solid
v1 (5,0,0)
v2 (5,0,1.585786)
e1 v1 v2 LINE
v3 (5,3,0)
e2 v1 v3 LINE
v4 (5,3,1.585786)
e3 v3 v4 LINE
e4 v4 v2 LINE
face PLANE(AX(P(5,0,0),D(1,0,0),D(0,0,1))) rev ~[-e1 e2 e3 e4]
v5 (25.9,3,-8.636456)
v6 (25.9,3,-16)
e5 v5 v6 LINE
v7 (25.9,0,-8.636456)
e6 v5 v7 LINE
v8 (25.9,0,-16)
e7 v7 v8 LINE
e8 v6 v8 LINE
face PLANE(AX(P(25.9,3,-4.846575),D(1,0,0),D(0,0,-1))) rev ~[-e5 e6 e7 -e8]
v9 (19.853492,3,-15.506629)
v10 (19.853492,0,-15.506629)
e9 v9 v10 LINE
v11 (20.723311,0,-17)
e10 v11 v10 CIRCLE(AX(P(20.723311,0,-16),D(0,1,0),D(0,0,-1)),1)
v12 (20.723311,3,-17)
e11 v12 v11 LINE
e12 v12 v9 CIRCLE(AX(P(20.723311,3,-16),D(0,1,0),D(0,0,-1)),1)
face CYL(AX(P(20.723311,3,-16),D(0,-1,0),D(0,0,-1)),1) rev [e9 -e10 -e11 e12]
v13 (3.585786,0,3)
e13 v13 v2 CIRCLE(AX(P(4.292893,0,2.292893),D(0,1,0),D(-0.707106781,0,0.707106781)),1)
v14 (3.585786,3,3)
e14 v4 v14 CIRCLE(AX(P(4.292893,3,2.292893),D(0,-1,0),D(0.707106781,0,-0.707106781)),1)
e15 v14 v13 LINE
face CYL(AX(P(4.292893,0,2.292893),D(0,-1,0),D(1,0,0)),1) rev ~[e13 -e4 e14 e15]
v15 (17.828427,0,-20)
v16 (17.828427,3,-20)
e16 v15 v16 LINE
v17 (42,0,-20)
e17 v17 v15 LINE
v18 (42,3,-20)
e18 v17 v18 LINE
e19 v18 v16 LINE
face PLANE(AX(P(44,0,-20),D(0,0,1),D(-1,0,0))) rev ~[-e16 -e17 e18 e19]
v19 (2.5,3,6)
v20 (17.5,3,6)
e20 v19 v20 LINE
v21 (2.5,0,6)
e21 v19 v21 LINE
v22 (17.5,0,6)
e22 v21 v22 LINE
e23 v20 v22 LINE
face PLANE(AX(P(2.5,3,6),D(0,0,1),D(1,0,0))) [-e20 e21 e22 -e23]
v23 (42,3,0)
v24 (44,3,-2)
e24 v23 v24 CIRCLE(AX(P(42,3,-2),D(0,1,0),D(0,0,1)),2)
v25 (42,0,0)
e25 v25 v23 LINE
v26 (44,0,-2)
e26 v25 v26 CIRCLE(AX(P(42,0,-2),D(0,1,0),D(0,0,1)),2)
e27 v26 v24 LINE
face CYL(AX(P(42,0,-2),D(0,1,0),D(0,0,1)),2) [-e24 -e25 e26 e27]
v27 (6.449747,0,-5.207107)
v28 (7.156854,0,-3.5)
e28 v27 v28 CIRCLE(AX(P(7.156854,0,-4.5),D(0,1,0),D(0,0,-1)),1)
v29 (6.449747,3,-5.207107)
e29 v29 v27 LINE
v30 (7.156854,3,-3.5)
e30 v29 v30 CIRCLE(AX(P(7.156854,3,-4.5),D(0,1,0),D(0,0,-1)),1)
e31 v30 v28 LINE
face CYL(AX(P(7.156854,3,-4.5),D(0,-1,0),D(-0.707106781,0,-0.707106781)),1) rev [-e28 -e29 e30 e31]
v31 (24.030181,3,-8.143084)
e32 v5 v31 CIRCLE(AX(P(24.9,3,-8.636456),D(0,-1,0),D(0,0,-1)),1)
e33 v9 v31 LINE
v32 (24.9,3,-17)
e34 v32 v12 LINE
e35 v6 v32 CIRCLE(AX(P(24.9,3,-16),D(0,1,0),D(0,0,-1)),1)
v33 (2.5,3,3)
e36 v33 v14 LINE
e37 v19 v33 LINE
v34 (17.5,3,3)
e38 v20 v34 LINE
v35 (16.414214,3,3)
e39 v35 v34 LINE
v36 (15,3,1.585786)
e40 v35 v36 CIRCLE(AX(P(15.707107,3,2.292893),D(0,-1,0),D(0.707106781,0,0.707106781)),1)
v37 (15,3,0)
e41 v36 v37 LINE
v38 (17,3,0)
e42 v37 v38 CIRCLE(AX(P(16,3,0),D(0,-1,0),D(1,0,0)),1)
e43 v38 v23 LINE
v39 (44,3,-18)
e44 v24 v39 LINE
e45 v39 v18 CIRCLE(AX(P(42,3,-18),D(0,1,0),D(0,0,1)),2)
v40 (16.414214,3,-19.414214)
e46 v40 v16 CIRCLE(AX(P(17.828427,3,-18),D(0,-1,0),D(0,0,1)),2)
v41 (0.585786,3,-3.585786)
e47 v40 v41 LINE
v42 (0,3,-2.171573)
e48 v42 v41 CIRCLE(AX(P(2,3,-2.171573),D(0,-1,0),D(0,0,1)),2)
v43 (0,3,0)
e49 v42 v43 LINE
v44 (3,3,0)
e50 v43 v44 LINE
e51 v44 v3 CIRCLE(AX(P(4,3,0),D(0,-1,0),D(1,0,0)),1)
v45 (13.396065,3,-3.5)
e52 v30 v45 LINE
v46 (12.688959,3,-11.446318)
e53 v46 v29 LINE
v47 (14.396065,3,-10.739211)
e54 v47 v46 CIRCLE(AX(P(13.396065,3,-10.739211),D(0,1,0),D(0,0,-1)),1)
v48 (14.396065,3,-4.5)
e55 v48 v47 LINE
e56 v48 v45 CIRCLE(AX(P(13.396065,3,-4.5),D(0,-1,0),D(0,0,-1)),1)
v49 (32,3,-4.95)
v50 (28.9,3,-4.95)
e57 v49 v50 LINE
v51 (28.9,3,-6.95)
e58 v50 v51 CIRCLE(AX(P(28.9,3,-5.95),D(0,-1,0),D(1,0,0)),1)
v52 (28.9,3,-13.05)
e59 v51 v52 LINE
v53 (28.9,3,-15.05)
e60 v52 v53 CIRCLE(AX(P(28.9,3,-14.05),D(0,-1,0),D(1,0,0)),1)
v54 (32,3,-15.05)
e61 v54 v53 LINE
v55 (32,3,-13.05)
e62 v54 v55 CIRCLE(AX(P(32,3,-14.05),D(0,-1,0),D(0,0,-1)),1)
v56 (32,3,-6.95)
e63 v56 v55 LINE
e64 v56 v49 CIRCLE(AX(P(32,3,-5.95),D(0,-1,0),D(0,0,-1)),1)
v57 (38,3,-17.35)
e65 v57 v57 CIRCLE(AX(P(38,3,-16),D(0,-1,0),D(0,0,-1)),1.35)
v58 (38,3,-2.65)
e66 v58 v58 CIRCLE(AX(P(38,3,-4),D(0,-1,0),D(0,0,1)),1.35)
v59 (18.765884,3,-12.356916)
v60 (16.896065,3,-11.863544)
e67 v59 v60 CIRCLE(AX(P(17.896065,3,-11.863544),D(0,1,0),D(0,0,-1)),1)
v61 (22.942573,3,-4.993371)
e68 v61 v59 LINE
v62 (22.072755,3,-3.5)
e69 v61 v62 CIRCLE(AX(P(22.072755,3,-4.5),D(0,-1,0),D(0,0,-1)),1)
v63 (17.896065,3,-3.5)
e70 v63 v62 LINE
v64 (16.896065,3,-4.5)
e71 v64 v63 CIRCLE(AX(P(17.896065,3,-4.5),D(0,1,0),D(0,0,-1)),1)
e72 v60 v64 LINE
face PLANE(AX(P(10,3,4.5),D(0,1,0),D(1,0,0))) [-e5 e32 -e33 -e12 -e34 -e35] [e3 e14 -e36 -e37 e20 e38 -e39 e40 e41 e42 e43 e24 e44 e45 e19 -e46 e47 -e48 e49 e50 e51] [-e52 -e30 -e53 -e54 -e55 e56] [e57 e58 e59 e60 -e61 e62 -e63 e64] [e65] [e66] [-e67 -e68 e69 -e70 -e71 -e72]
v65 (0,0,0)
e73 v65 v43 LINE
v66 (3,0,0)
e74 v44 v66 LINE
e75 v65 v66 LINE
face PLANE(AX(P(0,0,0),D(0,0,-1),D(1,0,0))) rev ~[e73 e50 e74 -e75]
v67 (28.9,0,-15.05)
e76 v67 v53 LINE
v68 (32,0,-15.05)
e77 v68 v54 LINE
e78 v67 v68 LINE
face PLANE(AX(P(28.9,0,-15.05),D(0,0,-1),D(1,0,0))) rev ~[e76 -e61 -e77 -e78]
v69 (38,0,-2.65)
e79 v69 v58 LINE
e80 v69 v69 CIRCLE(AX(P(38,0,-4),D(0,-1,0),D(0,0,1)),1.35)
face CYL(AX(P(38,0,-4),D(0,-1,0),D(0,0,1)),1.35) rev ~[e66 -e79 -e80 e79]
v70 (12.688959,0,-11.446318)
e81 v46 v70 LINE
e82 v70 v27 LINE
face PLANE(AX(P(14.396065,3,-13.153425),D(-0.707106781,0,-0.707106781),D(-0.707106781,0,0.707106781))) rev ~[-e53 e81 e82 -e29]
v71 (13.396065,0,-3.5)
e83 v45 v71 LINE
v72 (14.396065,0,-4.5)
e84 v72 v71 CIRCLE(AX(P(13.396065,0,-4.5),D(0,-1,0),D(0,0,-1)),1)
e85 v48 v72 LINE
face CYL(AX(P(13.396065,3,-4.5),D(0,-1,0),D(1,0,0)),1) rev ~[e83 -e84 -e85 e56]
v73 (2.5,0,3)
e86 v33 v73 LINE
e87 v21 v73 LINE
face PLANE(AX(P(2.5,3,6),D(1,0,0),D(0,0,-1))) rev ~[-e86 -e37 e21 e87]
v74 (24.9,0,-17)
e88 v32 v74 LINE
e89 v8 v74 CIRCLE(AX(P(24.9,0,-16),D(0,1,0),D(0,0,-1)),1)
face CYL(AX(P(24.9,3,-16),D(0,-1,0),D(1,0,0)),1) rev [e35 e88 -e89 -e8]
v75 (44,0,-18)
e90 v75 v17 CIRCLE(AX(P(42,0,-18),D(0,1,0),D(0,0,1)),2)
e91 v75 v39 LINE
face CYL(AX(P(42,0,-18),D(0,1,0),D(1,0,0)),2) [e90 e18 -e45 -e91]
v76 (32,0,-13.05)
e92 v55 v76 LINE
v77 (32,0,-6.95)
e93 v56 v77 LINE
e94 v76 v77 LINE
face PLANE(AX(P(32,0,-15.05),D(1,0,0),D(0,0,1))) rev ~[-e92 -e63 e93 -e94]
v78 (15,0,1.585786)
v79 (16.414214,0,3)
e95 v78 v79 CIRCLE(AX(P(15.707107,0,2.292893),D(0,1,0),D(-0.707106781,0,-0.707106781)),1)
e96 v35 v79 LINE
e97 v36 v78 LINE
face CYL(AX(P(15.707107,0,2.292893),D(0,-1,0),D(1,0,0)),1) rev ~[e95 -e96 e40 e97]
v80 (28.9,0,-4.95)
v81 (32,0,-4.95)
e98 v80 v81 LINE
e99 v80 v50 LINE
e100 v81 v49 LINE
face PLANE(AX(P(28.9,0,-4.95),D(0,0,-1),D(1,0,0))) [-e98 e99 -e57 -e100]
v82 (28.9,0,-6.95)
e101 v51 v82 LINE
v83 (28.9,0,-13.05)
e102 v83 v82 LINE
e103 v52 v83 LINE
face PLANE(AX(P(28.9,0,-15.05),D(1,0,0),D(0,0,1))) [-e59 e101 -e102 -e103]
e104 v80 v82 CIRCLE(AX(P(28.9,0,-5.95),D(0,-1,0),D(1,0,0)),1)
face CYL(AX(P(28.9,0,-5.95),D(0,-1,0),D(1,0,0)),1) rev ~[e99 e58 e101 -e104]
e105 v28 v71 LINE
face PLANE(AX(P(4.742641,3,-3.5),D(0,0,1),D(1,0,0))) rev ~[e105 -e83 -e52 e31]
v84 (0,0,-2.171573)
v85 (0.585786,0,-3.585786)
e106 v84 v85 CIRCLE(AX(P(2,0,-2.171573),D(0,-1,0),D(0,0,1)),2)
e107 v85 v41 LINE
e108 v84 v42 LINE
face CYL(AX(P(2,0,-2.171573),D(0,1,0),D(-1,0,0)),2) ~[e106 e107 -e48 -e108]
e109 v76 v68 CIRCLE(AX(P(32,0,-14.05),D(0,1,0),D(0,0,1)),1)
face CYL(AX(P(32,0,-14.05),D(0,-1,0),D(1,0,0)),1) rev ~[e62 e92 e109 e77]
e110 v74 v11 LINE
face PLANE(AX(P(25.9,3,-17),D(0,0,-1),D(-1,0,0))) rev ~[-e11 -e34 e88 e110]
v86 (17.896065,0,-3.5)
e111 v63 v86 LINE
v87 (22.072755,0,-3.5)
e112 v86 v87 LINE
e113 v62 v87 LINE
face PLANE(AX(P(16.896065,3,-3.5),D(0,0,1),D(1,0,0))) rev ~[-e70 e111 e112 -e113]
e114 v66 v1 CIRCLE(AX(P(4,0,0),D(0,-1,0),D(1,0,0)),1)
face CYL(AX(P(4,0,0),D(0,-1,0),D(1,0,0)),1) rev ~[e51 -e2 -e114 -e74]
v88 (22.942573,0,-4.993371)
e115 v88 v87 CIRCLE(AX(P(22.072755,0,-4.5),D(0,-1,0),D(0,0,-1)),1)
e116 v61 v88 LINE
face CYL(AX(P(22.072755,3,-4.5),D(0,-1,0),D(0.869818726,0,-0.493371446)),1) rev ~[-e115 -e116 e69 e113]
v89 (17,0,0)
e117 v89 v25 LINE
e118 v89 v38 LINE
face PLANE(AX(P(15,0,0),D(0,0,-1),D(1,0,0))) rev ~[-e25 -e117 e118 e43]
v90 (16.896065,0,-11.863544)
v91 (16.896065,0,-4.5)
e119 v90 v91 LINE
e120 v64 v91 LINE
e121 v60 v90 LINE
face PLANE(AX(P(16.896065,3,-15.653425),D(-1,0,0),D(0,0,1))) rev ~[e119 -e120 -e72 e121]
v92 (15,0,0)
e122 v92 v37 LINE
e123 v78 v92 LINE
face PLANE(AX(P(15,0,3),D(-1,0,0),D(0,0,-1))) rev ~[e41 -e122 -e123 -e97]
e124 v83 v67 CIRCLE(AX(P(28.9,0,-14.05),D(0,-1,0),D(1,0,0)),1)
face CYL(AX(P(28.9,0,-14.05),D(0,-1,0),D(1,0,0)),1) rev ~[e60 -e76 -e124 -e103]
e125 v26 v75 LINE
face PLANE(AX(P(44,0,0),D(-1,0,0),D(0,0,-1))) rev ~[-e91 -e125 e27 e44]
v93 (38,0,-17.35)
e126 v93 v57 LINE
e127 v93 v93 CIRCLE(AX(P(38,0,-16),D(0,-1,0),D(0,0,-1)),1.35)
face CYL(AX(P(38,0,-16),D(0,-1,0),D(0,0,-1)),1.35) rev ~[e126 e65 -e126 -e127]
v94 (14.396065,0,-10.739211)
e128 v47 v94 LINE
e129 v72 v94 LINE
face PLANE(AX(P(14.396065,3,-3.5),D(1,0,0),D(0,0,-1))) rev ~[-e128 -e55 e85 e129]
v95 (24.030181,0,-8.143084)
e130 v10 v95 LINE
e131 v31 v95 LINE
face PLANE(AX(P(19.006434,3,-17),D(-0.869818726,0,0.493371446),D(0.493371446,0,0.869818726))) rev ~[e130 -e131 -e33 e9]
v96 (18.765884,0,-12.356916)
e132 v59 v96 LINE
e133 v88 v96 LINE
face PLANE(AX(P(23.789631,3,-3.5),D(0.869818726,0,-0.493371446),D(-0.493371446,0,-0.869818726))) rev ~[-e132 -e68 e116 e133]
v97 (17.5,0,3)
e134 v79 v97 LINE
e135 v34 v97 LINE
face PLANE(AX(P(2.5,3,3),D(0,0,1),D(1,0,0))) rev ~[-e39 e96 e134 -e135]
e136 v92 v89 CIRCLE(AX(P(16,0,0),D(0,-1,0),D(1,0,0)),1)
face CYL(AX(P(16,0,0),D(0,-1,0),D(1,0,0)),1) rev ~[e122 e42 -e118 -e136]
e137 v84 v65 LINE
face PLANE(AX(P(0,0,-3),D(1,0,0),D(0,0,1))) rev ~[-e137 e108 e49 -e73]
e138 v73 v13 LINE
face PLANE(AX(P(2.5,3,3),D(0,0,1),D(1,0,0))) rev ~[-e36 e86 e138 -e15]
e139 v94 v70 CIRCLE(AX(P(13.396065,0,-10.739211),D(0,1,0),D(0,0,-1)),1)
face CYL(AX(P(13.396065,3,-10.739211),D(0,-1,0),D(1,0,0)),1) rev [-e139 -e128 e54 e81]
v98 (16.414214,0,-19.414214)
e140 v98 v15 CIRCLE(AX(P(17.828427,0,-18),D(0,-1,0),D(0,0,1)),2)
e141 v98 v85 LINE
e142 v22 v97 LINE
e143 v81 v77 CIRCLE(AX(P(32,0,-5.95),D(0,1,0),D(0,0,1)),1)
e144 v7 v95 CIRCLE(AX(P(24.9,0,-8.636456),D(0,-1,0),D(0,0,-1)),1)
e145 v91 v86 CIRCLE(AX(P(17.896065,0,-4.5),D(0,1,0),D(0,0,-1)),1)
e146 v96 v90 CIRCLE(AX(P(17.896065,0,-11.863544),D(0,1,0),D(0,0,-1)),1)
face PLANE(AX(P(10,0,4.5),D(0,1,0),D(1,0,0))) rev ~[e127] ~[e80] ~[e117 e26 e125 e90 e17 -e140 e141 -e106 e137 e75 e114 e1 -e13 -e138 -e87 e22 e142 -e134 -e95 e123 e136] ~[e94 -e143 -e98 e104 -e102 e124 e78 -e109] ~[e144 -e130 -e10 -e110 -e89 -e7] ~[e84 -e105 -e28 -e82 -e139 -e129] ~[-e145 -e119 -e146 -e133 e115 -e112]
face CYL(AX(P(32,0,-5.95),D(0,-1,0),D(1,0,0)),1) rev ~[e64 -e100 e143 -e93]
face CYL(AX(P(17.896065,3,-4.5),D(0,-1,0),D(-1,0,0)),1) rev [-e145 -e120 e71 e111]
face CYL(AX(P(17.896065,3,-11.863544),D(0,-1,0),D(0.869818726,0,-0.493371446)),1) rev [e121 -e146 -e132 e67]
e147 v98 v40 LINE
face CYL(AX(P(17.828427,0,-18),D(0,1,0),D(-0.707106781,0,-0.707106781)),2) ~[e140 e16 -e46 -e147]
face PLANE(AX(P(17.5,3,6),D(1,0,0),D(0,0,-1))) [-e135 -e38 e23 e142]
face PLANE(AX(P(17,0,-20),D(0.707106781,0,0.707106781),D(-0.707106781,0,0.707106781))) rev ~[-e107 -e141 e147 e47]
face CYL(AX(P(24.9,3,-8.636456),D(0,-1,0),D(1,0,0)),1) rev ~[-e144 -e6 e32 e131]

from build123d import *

# Parameters (mm, degrees)
EXTRUDE_1_DEPTH     = 3
SKETCH_2_R          = 1.35
SKETCH_2_W          = 3.1
SKETCH_2_H          = 10.1
CUT_EXTRUDE_1_DEPTH = 49.425200051
SKETCH_5_W          = 15
SKETCH_5_H          = 3
EXTRUDE_2_DEPTH     = 3
SKETCH_3_R          = 1
CUT_EXTRUDE_2_DEPTH = 49.425200051
CUT_EXTRUDE_3_DEPTH = 10
FILLET_1_R          = 1
FILLET_2_R          = 2


with BuildPart() as part:
    # 草图1 → 凸台-拉伸1 (new body)
    with BuildSketch(Plane(origin=(0, 0, 0), x_dir=(1, 0, 0), z_dir=(0, 1, 0))):
        Polygon((0, 0), (5, 0), (5, -3), (15, -3), (15, 0), (44, 0), (44, 20), (17, 20), (0, 3), align=None)
    extrude(amount=EXTRUDE_1_DEPTH)

    # 草图2 → 切除-拉伸1 (cut, through all)
    with BuildSketch(Plane.XZ):
        with Locations(Location((38, -16, 0), (0, 0, 270))):
            Circle(SKETCH_2_R)
        with Locations(Location((38, -4, 0), (0, 0, 90))):
            Circle(SKETCH_2_R)
        with Locations((30.45, -10)):
            Rectangle(SKETCH_2_W, SKETCH_2_H)
    extrude(amount=-CUT_EXTRUDE_1_DEPTH, mode=Mode.SUBTRACT)

    # 草图5 → 凸台-拉伸2 (add)
    with BuildSketch(Plane(origin=(0, 3, 0), x_dir=(1, 0, 0), z_dir=(0, 1, 0))):
        with Locations((10, -4.5)):
            Rectangle(SKETCH_5_W, SKETCH_5_H)
    extrude(amount=-EXTRUDE_2_DEPTH)

    # 草图3 → 切除-拉伸2 (cut, through all)
    with BuildSketch(Plane.XZ):
        with Locations((32, -14.05)):
            Circle(SKETCH_3_R)
        with Locations((16, 0)):
            Circle(SKETCH_3_R)
        with Locations((4, 0)):
            Circle(SKETCH_3_R)
        with Locations((32, -5.95)):
            Circle(SKETCH_3_R)
        with Locations((28.9, -5.95)):
            Circle(SKETCH_3_R)
        with Locations((28.9, -14.05)):
            Circle(SKETCH_3_R)
        with Locations((4.292893219, 2.292893219)):
            Circle(SKETCH_3_R)
        with Locations((15.707106781, 2.292893219)):
            Circle(SKETCH_3_R)
    extrude(amount=-CUT_EXTRUDE_2_DEPTH, mode=Mode.SUBTRACT)

    # 草图4 → 切除-拉伸3 (cut)
    with BuildSketch(Plane(origin=(0, 3, 0), x_dir=(1, 0, 0), z_dir=(0, 1, 0))):
        Polygon((23.789631314, 3.5), (16.896065397, 15.65342471), (16.896065397, 3.5), align=None)
        Polygon((14.396065397, 3.5), (14.396065397, 13.15342471), (4.742640687, 3.5), align=None)
        Polygon((25.9, 4.84657529), (25.9, 17), (19.006434083, 17), align=None)
    extrude(amount=-CUT_EXTRUDE_3_DEPTH, mode=Mode.SUBTRACT)

    # 圆角1
    fillet_1_edges = [part.edges().sort_by_distance(p)[0] for p in [
        (19.006434083, 1.5, -17),
        (25.9, 1.5, -17),
        (25.9, 1.5, -4.84657529),
        (14.396065397, 1.5, -13.15342471),
        (14.396065397, 1.5, -3.5),
        (4.742640687, 1.5, -3.5),
        (16.896065397, 1.5, -15.65342471),
        (23.789631314, 1.5, -3.5),
        (16.896065397, 1.5, -3.5),
    ]]
    fillet(fillet_1_edges, radius=FILLET_1_R)

    # 圆角2
    fillet_2_edges = [part.edges().sort_by_distance(p)[0] for p in [
        (0, 1.5, -3),
        (17, 1.5, -20),
        (44, 1.5, -20),
        (44, 1.5, 0),
    ]]
    fillet(fillet_2_edges, radius=FILLET_2_R)


solid = part.part
